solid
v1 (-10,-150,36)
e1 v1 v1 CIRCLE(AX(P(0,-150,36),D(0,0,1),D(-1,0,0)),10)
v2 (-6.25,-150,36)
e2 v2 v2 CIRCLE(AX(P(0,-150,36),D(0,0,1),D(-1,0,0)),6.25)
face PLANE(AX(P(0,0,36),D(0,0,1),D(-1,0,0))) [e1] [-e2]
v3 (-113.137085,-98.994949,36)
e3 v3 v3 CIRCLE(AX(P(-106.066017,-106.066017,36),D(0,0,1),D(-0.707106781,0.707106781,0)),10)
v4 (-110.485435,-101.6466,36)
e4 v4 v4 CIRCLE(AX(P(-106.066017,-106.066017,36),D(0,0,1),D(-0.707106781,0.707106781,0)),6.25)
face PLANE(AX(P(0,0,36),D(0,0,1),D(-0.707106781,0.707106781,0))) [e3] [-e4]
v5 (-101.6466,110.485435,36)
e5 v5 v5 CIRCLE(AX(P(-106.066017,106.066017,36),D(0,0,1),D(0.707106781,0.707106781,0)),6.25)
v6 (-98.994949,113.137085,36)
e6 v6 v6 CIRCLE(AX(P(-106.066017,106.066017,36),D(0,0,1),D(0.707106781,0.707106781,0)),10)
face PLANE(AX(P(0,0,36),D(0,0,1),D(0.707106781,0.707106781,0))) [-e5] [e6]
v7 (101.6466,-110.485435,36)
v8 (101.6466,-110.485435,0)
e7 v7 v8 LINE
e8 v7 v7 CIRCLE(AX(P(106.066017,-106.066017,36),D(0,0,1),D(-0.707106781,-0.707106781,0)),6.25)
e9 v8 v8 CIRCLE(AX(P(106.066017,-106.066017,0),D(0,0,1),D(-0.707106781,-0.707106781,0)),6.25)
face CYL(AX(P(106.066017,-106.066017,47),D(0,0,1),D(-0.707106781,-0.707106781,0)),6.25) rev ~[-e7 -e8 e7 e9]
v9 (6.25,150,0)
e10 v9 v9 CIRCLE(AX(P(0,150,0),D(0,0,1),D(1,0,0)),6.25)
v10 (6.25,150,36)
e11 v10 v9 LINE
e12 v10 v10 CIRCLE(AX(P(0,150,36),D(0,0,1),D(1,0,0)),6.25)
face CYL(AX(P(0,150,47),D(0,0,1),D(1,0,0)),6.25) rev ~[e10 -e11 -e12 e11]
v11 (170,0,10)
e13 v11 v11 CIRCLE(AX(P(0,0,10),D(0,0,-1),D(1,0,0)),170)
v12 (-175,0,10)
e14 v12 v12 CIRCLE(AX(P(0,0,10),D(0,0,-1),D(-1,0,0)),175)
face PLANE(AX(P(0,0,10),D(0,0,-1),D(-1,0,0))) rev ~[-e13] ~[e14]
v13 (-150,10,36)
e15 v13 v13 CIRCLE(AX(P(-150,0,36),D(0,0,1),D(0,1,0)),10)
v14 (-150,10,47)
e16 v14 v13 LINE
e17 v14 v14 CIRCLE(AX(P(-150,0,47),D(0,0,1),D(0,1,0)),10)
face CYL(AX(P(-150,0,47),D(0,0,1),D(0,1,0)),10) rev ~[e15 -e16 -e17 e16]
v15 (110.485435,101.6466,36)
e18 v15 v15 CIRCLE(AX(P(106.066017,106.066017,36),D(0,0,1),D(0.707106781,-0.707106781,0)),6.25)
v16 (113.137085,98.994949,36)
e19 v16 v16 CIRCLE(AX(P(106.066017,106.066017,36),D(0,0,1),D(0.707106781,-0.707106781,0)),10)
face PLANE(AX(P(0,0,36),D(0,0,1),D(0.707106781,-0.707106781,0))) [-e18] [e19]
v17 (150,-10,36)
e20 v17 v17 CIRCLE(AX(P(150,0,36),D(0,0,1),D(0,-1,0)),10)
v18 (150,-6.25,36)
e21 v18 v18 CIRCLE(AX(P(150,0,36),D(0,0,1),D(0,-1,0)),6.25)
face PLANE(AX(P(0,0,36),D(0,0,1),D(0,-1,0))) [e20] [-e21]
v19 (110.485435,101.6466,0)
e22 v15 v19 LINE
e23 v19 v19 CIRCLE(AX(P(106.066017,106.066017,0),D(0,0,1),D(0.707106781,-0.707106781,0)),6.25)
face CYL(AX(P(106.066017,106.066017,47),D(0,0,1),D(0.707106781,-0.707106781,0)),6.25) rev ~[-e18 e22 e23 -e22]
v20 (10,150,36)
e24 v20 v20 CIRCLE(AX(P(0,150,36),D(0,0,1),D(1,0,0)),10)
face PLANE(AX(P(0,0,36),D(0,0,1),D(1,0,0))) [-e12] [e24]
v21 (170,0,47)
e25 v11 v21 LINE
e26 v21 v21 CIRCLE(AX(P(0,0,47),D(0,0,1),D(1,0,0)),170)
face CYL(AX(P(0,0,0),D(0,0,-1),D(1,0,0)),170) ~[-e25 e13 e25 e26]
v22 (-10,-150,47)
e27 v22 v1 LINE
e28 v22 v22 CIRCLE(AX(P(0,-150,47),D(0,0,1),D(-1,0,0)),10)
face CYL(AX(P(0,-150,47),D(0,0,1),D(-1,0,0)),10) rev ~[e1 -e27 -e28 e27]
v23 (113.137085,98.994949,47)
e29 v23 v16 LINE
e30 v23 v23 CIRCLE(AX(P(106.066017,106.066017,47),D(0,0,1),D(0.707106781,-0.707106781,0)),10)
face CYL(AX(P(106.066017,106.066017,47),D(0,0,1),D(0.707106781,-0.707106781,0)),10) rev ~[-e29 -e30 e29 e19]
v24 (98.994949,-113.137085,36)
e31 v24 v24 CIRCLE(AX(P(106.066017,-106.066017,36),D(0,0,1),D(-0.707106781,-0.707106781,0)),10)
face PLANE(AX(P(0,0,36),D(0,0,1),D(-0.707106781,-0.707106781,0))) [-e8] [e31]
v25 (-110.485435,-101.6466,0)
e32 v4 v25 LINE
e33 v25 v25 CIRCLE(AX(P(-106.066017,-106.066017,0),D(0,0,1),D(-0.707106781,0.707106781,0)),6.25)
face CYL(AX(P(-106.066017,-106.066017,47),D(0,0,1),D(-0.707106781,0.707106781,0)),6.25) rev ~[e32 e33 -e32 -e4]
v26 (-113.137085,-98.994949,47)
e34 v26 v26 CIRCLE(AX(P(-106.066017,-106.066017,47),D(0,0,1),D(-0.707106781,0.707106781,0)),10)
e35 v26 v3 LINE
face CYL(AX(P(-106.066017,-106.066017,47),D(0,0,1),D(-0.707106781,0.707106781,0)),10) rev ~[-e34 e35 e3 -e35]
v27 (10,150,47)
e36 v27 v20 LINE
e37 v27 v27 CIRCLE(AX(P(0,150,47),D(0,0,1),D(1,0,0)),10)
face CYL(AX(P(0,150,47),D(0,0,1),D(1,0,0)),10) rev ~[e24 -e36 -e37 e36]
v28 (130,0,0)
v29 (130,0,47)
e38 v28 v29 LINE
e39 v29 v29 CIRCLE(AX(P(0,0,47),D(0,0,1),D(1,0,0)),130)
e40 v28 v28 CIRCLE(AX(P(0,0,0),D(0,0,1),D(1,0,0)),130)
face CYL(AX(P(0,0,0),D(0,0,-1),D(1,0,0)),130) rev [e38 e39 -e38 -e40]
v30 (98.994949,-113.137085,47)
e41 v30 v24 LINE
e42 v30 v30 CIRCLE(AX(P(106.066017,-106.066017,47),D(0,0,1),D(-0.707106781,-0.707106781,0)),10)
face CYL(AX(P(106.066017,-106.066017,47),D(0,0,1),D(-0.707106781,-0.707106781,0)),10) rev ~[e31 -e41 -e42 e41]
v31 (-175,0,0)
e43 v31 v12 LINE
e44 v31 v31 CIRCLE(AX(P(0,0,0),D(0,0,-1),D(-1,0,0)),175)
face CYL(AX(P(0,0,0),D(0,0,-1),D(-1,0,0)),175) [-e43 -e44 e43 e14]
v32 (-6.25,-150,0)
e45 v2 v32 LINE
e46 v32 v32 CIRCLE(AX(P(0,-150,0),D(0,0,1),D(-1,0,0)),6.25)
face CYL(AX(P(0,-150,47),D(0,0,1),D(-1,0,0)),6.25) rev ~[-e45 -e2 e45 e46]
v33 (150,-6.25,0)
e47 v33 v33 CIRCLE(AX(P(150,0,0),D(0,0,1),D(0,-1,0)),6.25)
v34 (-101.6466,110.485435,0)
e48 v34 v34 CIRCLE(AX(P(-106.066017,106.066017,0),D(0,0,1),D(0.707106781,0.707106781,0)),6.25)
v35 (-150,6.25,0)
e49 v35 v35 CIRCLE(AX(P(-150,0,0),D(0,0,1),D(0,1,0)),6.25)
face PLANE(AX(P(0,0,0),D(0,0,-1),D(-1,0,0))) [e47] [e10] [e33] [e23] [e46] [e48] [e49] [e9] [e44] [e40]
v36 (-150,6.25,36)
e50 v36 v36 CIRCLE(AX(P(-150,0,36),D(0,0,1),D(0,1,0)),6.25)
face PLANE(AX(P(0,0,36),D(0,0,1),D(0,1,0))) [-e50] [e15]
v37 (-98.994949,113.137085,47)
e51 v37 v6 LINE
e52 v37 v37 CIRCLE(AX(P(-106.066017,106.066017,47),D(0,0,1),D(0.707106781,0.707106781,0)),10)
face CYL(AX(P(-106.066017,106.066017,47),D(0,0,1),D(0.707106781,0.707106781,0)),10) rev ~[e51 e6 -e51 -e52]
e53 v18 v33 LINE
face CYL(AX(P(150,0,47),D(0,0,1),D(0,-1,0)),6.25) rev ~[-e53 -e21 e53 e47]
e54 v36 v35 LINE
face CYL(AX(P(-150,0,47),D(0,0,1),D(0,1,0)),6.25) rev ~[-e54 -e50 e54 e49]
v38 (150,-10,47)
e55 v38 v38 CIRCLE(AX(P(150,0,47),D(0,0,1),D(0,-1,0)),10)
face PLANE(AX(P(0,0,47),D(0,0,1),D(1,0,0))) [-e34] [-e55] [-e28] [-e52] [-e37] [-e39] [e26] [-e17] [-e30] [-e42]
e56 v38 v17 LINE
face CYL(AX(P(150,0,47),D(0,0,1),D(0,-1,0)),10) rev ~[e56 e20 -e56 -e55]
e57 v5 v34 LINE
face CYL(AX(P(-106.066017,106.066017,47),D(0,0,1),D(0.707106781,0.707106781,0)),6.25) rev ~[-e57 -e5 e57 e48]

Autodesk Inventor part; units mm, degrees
ref_plane "YZ Plane" through (0, 0, 0) normal (1, 0, 0) x (0, 1, 0)
ref_plane "XZ Plane" through (0, 0, 0) normal (0, 1, 0) x (-1, 0, 0)
ref_plane "XY Plane" through (0, 0, 0) normal (0, 0, 1) x (1, 0, 0)
sketch "Sketch1" plane through (0, 0, 0) normal (0, 0, 1) x (1, 0, 0)
  circle A0 centre (0, 0) radius 130
  circle A1 centre (0, 0) radius 170
  dimension "d0" = 40
  dimension "d1" = 260
extrude "Extrusion1" add sketch "Sketch1" along normal blind 47
sketch "Sketch2" plane through (0, 0, 47) normal (0, 0, 1) x (1, 0, 0)
  circle A0 centre (0, 0) radius 170 construction
  circle A1 centre (0, 0) radius 130 construction
  line L0 (0, 170) -> (0, 130) construction
  circle A2 centre (0, 150) radius 6.25
  dimension "d4" = 12.5
extrude "Extrusion2" cut sketch "Sketch2" against normal through all
sketch "Sketch3" plane through (0, 0, 47) normal (0, 0, 1) x (1, 0, 0)
  circle A0 centre (0, 150) radius 6.25 projected
  circle A1 centre (0, 150) radius 10
  point P0 (0, 0)
  dimension "d10" = 20
extrude "Extrusion3" cut sketch "Sketch3" against normal blind 11
pattern_circular "Circular Pattern1" count 8 over 360 about axis through (0, 0, 0) along (0, 0, 1) of "Extrusion2", "Extrusion3"
sketch "Sketch4" plane through (0, 0, 0) normal (0, 0, -1) x (-1, 0, 0)
  circle A0 centre (0, 0) radius 170 projected
  circle A1 centre (0, 0) radius 175
  dimension "d13" = 5
extrude "Extrusion4" add sketch "Sketch4" against normal blind 10
equation "\"d1\" = Вал_ось_диаметр_НОС"
equation "\"d2\" = Барабан_толщина_посад_кольца"
equation "\"Вал_ось_диаметр_НОС\" = 260"
equation "\"Барабан_толщина_посад_кольца\" = 47"
properties part number "ДМС 102 Опорное кольцо вала перед ПВГ"
